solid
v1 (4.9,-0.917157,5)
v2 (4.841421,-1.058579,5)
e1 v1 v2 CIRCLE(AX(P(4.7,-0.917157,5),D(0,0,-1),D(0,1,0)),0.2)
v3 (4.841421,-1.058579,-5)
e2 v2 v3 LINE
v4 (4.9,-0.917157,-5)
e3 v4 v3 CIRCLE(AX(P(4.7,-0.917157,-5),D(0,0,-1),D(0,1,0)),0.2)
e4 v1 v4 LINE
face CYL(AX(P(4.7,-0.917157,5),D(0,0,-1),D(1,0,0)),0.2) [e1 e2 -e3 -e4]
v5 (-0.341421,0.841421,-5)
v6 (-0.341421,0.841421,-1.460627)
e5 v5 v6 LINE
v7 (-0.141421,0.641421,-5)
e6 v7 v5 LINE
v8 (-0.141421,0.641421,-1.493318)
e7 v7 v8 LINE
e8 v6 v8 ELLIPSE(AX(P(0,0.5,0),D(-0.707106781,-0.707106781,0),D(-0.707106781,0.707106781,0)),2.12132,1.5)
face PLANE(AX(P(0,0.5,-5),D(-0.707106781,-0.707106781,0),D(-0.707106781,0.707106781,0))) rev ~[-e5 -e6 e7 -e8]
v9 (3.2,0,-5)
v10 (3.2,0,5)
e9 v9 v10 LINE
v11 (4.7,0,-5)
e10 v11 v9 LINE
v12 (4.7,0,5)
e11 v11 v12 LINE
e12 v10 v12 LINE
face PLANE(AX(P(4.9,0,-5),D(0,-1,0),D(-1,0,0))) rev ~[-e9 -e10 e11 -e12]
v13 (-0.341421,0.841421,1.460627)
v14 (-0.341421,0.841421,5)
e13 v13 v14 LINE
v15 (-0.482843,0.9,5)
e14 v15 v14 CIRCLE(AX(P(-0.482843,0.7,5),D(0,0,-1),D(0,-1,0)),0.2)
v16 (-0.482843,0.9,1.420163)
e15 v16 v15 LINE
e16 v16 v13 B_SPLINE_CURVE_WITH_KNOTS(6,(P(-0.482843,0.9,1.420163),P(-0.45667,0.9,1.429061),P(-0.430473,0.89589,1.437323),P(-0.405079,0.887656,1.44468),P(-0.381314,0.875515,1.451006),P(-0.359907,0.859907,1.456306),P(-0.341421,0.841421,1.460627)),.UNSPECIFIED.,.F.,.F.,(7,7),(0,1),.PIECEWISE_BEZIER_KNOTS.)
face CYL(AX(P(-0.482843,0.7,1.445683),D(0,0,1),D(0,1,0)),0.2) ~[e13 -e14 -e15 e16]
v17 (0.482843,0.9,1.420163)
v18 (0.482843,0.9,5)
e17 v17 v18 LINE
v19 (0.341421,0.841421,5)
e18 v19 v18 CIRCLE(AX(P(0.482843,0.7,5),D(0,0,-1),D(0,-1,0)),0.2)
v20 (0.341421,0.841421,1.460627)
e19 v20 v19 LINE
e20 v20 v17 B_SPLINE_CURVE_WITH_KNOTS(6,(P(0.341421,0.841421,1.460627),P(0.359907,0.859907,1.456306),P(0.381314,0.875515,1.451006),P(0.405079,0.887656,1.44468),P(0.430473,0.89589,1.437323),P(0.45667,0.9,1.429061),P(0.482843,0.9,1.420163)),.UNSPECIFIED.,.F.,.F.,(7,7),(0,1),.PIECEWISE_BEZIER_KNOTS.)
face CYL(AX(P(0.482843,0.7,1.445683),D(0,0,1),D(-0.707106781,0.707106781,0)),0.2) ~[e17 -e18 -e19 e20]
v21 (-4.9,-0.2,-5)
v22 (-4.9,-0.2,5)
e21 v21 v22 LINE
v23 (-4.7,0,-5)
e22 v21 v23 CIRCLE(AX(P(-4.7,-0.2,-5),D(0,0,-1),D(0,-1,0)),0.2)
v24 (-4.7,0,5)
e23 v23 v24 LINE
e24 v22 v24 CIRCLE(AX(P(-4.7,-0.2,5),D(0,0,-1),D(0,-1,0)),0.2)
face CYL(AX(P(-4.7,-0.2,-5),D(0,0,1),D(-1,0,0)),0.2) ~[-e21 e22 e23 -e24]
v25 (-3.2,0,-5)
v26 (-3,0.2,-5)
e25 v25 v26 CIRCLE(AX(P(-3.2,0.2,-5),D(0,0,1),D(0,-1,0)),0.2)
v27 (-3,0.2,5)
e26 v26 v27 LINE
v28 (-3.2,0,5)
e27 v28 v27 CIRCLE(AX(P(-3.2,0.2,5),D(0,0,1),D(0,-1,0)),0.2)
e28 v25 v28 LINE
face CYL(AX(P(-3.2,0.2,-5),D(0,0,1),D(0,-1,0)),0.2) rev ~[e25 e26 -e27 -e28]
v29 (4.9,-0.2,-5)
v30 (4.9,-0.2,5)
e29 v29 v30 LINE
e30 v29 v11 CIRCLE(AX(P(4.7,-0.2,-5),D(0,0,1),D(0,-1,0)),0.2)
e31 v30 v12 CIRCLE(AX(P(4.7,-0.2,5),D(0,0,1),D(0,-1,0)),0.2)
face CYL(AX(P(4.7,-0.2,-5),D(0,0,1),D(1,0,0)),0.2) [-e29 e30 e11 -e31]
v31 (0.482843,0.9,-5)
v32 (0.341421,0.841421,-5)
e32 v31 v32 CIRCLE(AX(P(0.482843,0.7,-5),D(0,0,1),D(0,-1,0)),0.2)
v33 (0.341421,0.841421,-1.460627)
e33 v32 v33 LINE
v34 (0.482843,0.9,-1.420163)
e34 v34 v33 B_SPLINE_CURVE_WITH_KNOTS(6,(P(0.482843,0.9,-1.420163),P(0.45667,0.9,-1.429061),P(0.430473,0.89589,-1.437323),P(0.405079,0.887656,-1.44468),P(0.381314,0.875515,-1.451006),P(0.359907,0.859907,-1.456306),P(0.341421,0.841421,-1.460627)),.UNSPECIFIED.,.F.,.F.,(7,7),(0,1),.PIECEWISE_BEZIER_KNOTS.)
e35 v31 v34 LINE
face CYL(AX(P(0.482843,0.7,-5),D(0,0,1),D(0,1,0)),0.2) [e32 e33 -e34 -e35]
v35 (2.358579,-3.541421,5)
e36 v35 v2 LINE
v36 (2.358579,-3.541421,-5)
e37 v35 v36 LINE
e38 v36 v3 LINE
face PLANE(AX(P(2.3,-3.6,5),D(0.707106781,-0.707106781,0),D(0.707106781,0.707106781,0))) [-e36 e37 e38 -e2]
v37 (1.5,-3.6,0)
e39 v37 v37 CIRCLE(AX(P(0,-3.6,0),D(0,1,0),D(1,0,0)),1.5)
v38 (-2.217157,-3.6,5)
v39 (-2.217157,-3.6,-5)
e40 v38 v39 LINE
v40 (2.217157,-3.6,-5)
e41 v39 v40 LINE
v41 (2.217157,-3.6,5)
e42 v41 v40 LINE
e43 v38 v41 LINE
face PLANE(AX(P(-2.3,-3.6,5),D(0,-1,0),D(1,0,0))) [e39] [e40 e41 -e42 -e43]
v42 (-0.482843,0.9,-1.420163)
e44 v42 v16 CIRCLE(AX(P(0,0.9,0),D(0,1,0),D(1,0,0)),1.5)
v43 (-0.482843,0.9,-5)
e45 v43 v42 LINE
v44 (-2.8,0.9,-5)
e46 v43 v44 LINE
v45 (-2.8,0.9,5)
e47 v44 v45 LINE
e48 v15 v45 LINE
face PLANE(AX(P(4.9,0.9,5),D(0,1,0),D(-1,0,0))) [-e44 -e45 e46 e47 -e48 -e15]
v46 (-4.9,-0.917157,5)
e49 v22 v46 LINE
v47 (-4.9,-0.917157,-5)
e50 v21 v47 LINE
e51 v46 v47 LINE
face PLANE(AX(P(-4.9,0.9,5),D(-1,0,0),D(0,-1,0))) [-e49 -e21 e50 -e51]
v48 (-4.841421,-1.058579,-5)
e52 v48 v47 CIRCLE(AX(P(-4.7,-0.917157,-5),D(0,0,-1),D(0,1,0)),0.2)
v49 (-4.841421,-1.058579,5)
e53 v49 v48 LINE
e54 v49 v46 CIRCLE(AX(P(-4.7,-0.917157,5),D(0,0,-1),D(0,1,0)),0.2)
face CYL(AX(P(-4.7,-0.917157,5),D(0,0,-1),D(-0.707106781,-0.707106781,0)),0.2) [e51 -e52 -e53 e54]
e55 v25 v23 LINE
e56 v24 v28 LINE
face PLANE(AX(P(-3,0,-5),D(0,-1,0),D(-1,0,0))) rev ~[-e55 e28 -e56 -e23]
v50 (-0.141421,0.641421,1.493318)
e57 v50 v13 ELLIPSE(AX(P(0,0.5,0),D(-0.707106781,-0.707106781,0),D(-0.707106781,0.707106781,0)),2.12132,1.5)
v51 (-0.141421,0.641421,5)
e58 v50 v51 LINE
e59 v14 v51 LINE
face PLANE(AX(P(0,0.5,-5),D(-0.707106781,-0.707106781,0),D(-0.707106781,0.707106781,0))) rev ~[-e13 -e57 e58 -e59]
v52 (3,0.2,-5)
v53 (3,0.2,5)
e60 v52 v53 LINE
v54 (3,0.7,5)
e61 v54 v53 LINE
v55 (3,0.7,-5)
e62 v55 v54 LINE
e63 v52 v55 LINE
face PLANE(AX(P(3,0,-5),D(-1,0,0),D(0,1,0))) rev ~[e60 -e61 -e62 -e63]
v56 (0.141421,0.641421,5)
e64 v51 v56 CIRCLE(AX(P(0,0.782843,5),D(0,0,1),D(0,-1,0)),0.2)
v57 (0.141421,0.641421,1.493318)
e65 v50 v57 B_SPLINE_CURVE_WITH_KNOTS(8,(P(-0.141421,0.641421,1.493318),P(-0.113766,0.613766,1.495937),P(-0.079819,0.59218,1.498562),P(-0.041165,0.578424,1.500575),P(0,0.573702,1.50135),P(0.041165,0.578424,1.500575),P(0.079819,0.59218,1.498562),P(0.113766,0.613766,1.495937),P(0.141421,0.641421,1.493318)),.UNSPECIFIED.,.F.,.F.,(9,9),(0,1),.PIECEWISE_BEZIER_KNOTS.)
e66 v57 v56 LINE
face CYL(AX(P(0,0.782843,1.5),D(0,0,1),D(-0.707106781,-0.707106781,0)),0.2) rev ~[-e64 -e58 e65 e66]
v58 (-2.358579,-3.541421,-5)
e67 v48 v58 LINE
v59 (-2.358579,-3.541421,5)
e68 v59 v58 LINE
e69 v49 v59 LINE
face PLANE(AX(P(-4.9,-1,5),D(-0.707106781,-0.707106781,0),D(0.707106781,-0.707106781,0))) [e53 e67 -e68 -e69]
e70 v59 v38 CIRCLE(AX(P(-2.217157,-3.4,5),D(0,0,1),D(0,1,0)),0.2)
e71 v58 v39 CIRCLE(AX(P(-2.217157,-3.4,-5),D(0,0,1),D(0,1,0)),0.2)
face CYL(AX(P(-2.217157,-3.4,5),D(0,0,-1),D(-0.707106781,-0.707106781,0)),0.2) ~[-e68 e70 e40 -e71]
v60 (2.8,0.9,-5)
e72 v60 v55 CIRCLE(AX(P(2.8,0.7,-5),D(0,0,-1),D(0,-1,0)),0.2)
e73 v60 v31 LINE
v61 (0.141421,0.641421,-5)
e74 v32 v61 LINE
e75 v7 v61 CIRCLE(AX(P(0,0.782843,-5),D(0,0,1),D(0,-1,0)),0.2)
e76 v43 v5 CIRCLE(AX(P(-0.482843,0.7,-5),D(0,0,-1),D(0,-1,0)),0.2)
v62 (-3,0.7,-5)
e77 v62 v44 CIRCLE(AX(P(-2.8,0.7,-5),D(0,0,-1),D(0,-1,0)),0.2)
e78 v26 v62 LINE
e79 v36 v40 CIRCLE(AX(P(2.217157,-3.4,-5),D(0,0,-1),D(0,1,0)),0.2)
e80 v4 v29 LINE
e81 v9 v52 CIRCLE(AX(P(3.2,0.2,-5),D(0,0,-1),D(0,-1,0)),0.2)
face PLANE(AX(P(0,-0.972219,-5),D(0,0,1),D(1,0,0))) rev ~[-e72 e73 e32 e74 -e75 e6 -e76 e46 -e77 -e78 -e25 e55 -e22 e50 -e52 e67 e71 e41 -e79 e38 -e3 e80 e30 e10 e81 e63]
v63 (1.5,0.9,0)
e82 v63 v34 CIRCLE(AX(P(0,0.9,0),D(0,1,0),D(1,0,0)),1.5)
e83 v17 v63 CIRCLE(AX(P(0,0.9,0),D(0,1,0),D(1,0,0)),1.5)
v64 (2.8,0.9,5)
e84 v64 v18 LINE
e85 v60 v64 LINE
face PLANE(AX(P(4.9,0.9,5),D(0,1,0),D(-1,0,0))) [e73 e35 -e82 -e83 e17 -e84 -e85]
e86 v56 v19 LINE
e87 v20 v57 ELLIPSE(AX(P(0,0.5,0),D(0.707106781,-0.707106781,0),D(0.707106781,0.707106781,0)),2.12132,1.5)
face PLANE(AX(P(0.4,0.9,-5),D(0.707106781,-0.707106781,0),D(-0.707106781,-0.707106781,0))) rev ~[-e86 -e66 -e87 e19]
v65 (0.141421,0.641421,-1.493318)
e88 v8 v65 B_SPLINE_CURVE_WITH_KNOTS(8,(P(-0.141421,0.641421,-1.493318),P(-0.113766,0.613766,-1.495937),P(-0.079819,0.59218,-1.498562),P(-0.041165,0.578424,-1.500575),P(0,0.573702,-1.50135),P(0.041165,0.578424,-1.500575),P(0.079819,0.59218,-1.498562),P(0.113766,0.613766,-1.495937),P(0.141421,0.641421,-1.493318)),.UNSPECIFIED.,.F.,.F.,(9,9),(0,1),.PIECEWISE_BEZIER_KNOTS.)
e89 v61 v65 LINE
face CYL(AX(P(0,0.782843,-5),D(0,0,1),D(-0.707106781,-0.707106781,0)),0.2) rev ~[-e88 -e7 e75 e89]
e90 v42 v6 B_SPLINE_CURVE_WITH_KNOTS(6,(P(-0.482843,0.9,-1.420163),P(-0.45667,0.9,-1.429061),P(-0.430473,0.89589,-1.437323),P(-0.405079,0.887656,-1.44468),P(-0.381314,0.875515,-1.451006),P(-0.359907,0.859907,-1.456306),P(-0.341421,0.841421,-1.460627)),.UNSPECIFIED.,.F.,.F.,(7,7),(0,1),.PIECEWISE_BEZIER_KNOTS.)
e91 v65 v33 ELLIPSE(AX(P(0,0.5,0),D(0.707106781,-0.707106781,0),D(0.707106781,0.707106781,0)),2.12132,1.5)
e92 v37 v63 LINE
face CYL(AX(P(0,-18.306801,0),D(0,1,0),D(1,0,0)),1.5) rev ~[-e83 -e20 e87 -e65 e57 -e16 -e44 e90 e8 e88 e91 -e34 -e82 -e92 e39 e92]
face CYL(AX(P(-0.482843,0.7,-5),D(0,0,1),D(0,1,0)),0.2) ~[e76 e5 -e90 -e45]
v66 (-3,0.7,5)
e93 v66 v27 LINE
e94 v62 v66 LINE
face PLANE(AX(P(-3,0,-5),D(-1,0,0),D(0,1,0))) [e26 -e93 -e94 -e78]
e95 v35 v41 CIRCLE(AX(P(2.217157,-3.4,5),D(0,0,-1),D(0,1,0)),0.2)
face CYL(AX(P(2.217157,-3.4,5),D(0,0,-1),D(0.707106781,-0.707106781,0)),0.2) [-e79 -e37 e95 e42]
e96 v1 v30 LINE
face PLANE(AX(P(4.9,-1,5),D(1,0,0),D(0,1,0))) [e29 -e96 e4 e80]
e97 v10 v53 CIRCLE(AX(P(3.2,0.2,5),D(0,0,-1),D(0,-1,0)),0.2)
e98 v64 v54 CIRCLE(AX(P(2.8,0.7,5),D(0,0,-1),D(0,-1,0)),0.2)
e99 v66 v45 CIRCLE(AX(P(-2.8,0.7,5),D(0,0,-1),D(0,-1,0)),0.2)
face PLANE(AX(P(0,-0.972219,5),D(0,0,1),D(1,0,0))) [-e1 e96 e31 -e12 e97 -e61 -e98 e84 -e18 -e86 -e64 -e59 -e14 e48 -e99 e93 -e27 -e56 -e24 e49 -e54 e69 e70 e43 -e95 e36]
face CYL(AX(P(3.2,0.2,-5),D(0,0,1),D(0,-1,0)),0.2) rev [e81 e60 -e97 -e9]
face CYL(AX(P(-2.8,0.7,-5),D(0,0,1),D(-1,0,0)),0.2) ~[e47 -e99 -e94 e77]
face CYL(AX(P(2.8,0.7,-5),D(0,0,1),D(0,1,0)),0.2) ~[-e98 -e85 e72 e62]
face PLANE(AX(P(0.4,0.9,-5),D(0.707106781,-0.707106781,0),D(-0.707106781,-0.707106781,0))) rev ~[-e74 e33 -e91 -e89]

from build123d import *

# Parameters (mm, degrees)
EXTRUDE_BODY_DEPTH = 10
SKETCH2_W          = 1.9
SKETCH2_H          = 0.9
CUT_EXTRUDE1_DEPTH = 11
SKETCH3_W          = 1.9
SKETCH3_H          = 0.9
CUT_EXTRUDE2_DEPTH = 11
CUT_EXTRUDE3_DEPTH = 11
HOLE_REVOLVE_D     = 3
EDGE_FILLETS_R     = 0.2


with BuildPart() as part:
    # Sketch1 → Extrude Body (new body)
    with BuildSketch(Plane.XY.offset(5)):
        Polygon((4.9, -1), (4.9, 0.9), (-4.9, 0.9), (-4.9, -1), (-2.3, -3.6), (2.3, -3.6), align=None)
    extrude(amount=-EXTRUDE_BODY_DEPTH)

    # Sketch2 → Cut-Extrude1 (cut, through all)
    with BuildSketch(Plane(origin=(0, 0, -5), x_dir=(-1, 0, 0), z_dir=(0, 0, -1))):
        with Locations((3.95, 0.45)):
            Rectangle(SKETCH2_W, SKETCH2_H)
    extrude(amount=-CUT_EXTRUDE1_DEPTH, mode=Mode.SUBTRACT)

    # Sketch3 → Cut-Extrude2 (cut, through all)
    with BuildSketch(Plane(origin=(0, 0, -5), x_dir=(-1, 0, 0), z_dir=(0, 0, -1))):
        with Locations((-3.95, 0.45)):
            Rectangle(SKETCH3_W, SKETCH3_H)
    extrude(amount=-CUT_EXTRUDE2_DEPTH, mode=Mode.SUBTRACT)

    # Sketch4 → Cut-Extrude3 (cut, through all)
    with BuildSketch(Plane(origin=(0, 0, -5), x_dir=(-1, 0, 0), z_dir=(0, 0, -1))):
        Polygon((0.4, 0.9), (-0.4, 0.9), (0, 0.5), align=None)
    extrude(amount=-CUT_EXTRUDE3_DEPTH, mode=Mode.SUBTRACT)

    # Hole Revolve (through all)
    with Locations(Plane(origin=(0, -3.6, 0), x_dir=(-1, 0, 0), z_dir=(0, -1, 0))):
        with Locations((0, 0)):
            Hole(HOLE_REVOLVE_D / 2)

    # Edge Fillets
    edge_fillets_edges = [part.edges().sort_by_distance(p)[0] for p in [
        (4.9, 0, 0),
        (3, 0, 0),
        (-4.9, -1, 0),
        (3, 0.9, 0),
        (-3, 0, 0),
        (0.4, 0.9, -3.222841615),
        (0, 0.5, 3.25),
        (-0.4, 0.9, -3.222841615),
        (4.9, -1, 0),
        (-3, 0.9, 0),
        (0, 0.5, -3.25),
        (-0.4, 0.9, 3.222841615),
        (-4.9, 0, 0),
        (-2.3, -3.6, 0),
        (0.4, 0.9, 3.222841615),
        (2.3, -3.6, 0),
    ]]
    fillet(edge_fillets_edges, radius=EDGE_FILLETS_R)


solid = part.part
